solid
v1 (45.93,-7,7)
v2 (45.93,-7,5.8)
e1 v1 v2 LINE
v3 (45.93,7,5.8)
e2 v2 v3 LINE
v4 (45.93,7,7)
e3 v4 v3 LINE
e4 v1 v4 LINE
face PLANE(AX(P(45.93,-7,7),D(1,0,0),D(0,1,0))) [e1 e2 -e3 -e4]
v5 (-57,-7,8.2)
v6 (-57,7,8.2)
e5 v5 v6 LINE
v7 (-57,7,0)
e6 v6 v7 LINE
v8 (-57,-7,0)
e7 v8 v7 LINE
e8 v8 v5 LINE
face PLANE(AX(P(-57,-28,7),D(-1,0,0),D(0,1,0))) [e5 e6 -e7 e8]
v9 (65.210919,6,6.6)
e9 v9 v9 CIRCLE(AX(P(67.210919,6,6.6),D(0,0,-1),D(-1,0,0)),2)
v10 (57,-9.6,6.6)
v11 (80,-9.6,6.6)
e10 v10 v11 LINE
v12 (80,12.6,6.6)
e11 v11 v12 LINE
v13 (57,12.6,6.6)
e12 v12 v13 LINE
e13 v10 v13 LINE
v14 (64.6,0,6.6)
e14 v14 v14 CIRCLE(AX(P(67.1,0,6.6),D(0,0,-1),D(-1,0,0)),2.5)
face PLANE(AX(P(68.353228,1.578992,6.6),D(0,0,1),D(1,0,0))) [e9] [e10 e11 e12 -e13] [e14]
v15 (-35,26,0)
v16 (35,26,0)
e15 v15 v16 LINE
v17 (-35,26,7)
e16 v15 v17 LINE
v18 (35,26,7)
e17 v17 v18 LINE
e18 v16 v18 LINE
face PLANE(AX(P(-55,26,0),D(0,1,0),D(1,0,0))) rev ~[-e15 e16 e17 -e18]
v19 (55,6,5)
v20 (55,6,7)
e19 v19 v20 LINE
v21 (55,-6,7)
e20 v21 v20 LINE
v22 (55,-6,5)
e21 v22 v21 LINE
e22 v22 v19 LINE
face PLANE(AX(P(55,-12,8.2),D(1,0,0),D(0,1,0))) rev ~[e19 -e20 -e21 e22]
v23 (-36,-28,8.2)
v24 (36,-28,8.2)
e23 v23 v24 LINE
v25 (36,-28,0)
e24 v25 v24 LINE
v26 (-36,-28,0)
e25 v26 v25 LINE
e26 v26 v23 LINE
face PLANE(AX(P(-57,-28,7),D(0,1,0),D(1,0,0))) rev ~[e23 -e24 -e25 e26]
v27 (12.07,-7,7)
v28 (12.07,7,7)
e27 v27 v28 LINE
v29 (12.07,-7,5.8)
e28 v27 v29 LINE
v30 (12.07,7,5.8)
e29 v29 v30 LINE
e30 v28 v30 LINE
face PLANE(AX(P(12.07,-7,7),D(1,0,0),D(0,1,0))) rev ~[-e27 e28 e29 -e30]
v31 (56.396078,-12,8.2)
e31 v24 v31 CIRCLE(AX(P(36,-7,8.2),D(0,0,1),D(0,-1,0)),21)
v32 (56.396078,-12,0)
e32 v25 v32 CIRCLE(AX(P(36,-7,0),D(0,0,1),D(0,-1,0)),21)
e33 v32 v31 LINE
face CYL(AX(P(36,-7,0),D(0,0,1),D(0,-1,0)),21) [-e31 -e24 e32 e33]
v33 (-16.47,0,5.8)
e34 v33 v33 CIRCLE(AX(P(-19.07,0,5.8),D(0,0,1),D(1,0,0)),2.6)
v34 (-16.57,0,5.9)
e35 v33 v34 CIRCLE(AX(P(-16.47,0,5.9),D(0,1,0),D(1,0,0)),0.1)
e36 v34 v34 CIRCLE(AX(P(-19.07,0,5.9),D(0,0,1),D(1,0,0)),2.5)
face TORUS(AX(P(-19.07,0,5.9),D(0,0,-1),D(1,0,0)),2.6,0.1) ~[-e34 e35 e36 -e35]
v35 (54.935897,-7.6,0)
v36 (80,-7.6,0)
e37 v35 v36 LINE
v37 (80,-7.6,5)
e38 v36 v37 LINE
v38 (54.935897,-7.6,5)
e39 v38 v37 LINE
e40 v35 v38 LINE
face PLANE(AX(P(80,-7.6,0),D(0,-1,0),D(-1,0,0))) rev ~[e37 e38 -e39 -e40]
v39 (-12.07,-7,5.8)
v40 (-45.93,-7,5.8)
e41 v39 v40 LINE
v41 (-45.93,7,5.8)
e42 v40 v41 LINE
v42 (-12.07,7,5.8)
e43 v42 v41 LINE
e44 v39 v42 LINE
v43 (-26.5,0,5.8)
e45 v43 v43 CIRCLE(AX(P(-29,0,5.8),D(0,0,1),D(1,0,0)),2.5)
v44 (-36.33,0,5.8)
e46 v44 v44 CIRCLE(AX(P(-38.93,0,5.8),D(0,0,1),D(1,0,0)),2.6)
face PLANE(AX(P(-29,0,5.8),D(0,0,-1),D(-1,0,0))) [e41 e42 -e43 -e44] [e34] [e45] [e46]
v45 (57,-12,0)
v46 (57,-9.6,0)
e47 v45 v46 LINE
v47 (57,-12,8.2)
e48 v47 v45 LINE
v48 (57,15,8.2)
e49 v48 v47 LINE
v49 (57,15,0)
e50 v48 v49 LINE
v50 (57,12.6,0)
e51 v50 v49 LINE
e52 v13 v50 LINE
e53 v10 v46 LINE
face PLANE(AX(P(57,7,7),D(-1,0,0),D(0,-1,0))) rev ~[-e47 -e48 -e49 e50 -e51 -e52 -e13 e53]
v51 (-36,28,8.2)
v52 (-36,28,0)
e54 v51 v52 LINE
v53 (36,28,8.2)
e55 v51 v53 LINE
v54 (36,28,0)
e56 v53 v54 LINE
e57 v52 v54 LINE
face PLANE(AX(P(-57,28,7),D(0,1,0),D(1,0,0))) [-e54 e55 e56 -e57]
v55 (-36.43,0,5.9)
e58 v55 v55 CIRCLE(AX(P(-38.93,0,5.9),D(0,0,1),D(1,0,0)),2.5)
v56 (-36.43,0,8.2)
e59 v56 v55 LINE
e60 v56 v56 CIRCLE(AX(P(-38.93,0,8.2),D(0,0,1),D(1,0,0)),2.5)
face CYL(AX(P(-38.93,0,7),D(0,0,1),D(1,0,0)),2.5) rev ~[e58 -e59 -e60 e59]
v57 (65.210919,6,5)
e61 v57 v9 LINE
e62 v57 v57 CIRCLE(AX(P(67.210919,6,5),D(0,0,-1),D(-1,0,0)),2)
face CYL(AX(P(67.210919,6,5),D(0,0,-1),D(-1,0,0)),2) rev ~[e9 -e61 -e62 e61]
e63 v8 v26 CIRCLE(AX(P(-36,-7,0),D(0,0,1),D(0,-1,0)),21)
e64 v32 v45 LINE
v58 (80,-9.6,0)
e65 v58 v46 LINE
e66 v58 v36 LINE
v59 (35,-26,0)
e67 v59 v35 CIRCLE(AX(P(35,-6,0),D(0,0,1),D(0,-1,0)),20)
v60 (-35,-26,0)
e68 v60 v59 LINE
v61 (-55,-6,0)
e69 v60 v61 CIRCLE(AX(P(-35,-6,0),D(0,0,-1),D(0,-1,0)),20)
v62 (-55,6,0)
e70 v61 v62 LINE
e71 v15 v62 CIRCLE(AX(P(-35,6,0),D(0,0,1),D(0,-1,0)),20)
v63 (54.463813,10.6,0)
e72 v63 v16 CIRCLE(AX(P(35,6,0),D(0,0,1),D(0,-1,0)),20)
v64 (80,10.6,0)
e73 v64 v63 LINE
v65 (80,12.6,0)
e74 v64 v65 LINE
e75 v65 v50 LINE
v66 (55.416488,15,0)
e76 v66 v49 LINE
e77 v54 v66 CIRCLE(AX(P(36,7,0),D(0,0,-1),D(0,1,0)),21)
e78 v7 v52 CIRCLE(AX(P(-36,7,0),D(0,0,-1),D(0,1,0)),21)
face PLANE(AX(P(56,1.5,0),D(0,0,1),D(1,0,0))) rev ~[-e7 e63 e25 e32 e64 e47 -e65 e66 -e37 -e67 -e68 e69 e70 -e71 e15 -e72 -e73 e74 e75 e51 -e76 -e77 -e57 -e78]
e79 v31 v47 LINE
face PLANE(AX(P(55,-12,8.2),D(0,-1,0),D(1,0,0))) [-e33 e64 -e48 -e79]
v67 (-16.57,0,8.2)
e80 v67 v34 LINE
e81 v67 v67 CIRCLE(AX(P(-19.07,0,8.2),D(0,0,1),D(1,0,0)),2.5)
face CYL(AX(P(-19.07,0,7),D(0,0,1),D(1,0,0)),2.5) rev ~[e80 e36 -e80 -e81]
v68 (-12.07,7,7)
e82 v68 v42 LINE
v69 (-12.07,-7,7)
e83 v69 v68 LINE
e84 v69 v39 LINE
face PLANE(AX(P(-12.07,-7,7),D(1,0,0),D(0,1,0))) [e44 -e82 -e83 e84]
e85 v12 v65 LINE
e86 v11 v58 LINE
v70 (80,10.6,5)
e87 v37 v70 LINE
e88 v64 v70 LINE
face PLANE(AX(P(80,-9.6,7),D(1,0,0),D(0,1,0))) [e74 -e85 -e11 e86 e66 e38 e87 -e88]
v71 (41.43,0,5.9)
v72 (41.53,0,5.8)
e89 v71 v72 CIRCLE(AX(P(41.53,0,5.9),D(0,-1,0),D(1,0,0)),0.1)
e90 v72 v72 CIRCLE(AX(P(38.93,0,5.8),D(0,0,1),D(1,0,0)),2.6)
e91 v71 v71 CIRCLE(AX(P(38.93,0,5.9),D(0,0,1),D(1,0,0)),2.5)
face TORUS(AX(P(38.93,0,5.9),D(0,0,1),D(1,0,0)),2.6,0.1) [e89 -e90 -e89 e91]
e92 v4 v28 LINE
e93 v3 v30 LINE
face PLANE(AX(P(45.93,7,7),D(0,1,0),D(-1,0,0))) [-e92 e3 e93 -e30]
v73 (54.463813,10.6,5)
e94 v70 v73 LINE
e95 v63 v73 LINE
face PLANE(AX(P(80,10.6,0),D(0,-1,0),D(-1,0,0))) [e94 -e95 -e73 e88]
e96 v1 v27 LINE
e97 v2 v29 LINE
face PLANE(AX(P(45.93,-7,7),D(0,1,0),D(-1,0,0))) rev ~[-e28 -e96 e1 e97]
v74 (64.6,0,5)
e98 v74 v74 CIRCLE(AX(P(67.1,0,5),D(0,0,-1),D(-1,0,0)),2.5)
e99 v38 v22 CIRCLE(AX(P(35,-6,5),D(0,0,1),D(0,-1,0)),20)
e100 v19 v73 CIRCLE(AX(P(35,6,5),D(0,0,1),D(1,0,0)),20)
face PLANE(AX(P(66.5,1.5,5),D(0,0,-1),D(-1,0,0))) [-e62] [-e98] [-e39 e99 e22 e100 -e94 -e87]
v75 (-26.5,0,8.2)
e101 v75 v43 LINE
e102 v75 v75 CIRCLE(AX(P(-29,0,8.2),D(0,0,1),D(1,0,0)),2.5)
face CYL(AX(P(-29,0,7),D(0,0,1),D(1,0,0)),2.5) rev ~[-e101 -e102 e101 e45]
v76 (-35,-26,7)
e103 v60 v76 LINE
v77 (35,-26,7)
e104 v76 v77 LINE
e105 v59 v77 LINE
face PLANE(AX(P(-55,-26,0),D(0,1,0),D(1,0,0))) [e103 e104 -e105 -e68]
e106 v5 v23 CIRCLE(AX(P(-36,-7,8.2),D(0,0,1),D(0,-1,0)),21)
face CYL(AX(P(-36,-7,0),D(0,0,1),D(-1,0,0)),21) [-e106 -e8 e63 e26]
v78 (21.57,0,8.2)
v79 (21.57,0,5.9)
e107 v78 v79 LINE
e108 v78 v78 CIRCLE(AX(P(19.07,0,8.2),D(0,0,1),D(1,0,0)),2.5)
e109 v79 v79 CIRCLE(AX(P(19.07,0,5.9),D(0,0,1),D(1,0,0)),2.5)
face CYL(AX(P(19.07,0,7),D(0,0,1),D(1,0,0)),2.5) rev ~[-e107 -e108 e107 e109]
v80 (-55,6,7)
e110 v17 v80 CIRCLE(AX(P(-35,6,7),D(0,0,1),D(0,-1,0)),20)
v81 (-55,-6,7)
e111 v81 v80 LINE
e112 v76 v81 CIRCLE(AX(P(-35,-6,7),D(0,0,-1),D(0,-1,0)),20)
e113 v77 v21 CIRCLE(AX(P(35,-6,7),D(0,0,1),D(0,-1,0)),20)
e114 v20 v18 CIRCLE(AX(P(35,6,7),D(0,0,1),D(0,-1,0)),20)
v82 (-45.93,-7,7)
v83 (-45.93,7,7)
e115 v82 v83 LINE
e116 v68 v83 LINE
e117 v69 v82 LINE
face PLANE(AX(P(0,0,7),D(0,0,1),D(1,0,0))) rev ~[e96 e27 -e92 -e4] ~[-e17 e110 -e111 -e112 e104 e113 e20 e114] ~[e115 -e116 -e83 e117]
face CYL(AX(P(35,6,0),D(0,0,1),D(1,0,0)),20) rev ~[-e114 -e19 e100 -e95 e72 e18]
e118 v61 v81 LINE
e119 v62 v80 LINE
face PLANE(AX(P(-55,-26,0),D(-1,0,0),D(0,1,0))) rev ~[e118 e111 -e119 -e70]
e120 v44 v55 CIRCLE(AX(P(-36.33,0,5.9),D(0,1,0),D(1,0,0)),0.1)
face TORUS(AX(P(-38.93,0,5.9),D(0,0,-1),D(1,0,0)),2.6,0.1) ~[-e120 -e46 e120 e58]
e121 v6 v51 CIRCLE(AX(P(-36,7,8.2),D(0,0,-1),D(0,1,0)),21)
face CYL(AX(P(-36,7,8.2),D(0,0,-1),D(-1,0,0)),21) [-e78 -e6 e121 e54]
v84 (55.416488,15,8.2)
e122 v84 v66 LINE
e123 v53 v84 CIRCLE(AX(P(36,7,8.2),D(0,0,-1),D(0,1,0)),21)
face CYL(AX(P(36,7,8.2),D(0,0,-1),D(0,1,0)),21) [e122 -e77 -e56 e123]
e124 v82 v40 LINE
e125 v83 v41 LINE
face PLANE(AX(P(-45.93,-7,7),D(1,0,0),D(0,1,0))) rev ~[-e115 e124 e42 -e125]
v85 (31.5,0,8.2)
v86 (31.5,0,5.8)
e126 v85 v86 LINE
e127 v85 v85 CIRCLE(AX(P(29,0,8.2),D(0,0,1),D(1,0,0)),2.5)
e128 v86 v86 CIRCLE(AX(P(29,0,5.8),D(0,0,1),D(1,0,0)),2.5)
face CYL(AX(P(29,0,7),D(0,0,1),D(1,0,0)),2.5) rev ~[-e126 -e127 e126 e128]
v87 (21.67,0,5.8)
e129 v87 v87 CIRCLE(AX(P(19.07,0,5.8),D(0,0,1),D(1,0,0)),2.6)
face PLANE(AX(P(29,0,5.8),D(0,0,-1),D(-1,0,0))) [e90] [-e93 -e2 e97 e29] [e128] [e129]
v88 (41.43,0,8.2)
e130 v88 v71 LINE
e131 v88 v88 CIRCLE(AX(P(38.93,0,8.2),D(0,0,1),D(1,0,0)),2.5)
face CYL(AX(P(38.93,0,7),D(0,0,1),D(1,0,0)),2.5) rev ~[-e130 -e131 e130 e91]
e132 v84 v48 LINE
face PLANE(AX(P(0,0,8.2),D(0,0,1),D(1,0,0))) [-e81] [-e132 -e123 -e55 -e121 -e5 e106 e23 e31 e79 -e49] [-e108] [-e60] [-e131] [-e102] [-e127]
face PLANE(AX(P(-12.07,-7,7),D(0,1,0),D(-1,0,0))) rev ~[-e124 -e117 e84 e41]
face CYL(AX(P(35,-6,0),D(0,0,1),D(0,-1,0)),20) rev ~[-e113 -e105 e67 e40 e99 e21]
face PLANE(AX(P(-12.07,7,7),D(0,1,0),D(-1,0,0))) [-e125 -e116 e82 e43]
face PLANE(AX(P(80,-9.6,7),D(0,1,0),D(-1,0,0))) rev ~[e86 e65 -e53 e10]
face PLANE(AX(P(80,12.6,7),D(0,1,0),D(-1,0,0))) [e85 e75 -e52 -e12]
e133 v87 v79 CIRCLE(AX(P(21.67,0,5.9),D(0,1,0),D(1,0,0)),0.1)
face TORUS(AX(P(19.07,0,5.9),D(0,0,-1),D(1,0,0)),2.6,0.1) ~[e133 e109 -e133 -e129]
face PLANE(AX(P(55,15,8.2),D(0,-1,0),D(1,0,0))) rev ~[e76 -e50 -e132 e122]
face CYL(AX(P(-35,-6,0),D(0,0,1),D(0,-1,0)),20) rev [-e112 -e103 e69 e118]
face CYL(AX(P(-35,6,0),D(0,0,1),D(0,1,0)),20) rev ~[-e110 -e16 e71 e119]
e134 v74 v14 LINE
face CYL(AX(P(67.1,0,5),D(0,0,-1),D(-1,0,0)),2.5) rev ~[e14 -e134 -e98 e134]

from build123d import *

# Parameters (mm, degrees)
SKETCH_1_W          = 114
SKETCH_1_H          = 56
SKETCH_1_W_2        = 110
SKETCH_1_H_2        = 52
EXTRUDE_1_DEPTH     = 7
SKETCH_2_W          = 114
SKETCH_2_H          = 56
EXTRUDE_1_2_DEPTH   = 1.2
SKETCH_3_R          = 2.5
CUT_EXTRUDE_1_DEPTH = 1.2
FILLET_1_R          = 20
FILLET_2_R          = 21
SKETCH_4_W          = 33.86
SKETCH_4_H          = 14
EXTRUDE_2_DEPTH     = 1.2
SKETCH_5_R          = 2.5
CUT_EXTRUDE_2_DEPTH = 1.2
FILLET_3_R          = 0.1
SKETCH_6_W          = 25
SKETCH_6_H          = 22.2
EXTRUDE_3_DEPTH     = 7
CUT_EXTRUDE_3_DEPTH = 0.4
SKETCH_8_W          = 27
SKETCH_8_H          = 18.2
CUT_EXTRUDE_4_DEPTH = 5
SKETCH_11_W         = 2
SKETCH_11_H         = 27
EXTRUDE_4_DEPTH     = 8.2
SKETCH_12_W         = 2
SKETCH_12_H         = 18.2
CUT_EXTRUDE_5_DEPTH = 5
SKETCH_13_R         = 2.5
SKETCH_13_R_2       = 2
CUT_EXTRUDE_6_DEPTH = 7


with BuildPart() as part:
    # Эскиз1 → Extrude 1 (new body)
    with BuildSketch(Plane.XY):
        Rectangle(SKETCH_1_W, SKETCH_1_H)
        Rectangle(SKETCH_1_W_2, SKETCH_1_H_2, mode=Mode.SUBTRACT)
    extrude(amount=EXTRUDE_1_DEPTH)

    # Эскиз2 → Extrude 1 2 (add)
    with BuildSketch(Plane.XY.offset(7)):
        Rectangle(SKETCH_2_W, SKETCH_2_H)
    extrude(amount=EXTRUDE_1_2_DEPTH)

    # Эскиз3 → Вырез-Вытянуть1 (cut)
    with BuildSketch(Plane.XY.offset(8.2)):
        with Locations((-38.93, 0)):
            Circle(SKETCH_3_R)
        with Locations((-29, 0)):
            Circle(SKETCH_3_R)
        with Locations((-19.07, 0)):
            Circle(SKETCH_3_R)
        with Locations((19.07, 0)):
            Circle(SKETCH_3_R)
        with Locations((29, 0)):
            Circle(SKETCH_3_R)
        with Locations((38.93, 0)):
            Circle(SKETCH_3_R)
    extrude(amount=-CUT_EXTRUDE_1_DEPTH, mode=Mode.SUBTRACT)

    # Скругление1
    fillet_1_edges = [part.edges().sort_by_distance(p)[0] for p in [
        (-55, 26, 3.5),
        (-55, -26, 3.5),
        (55, -26, 3.5),
        (55, 26, 3.5),
    ]]
    fillet(fillet_1_edges, radius=FILLET_1_R)

    # Скругление2
    fillet_2_edges = [part.edges().sort_by_distance(p)[0] for p in [
        (-57, 28, 4.1),
        (57, 28, 4.1),
        (57, -28, 4.1),
        (-57, -28, 4.1),
    ]]
    fillet(fillet_2_edges, radius=FILLET_2_R)

    # Эскиз4 → Бобышка-Вытянуть2 (add)
    with BuildSketch(Plane(origin=(0, 0, 7), x_dir=(-1, 0, 0), z_dir=(0, 0, -1))):
        with Locations((29, 0)):
            Rectangle(SKETCH_4_W, SKETCH_4_H)
        with Locations((-29, 0)):
            Rectangle(SKETCH_4_W, SKETCH_4_H)
    extrude(amount=EXTRUDE_2_DEPTH)

    # Эскиз5 → Вырез-Вытянуть2 (cut)
    with BuildSketch(Plane.XY.offset(7)):
        with Locations((-29, 0)):
            Circle(SKETCH_5_R)
        with Locations((-38.93, 0)):
            Circle(SKETCH_5_R)
        with Locations((-19.07, 0)):
            Circle(SKETCH_5_R)
        with Locations((19.07, 0)):
            Circle(SKETCH_5_R)
        with Locations((29, 0)):
            Circle(SKETCH_5_R)
        with Locations((38.93, 0)):
            Circle(SKETCH_5_R)
    extrude(amount=-CUT_EXTRUDE_2_DEPTH, mode=Mode.SUBTRACT)

    # Скругление3
    fillet_3_edges = [part.edges().sort_by_distance(p)[0] for p in [
        (36.43, 0, 5.8),
        (16.57, 0, 5.8),
        (-21.57, 0, 5.8),
        (-41.43, 0, 5.8),
    ]]
    fillet(fillet_3_edges, radius=FILLET_3_R)

    # Эскиз6 → Бобышка-Вытянуть3 (add)
    with BuildSketch(Plane(origin=(0, 0, 7), x_dir=(-1, 0, 0), z_dir=(0, 0, -1))):
        with Locations((-67.5, 1.5)):
            Rectangle(SKETCH_6_W, SKETCH_6_H)
    extrude(amount=EXTRUDE_3_DEPTH)

    # Эскиз7 → Вырез-Вытянуть3 (cut)
    with BuildSketch(Plane.XY.offset(7)):
        with BuildLine():
            Line((57, 7), (57, -7))
            ThreePointArc((57, -7), (56.959567588, -8.302507787), (56.838426044, -9.6))
            Line((56.838426044, -9.6), (80, -9.6))
            Line((80, -9.6), (80, 12.6))
            Line((80, 12.6), (56.239565213, 12.6))
            ThreePointArc((56.239565213, 12.6), (56.809022916, 9.825697306), (57, 7))
        make_face()
    extrude(amount=-CUT_EXTRUDE_3_DEPTH, mode=Mode.SUBTRACT)

    # Эскиз8 → Вырез-Вытянуть4 (cut)
    with BuildSketch(Plane(origin=(0, 0, 0), x_dir=(-1, 0, 0), z_dir=(0, 0, -1))):
        with Locations((-66.5, 1.5)):
            Rectangle(SKETCH_8_W, SKETCH_8_H)
    extrude(amount=-CUT_EXTRUDE_4_DEPTH, mode=Mode.SUBTRACT)

    # Эскиз11 → Бобышка-Вытянуть4 (add)
    with BuildSketch(Plane.XY.offset(8.2)):
        with Locations((56, 1.5)):
            Rectangle(SKETCH_11_W, SKETCH_11_H)
    extrude(amount=-EXTRUDE_4_DEPTH)

    # Эскиз12 → Вырез-Вытянуть5 (cut)
    with BuildSketch(Plane(origin=(0, 0, 0), x_dir=(-1, 0, 0), z_dir=(0, 0, -1))):
        with Locations((-56, 1.5)):
            Rectangle(SKETCH_12_W, SKETCH_12_H)
    extrude(amount=-CUT_EXTRUDE_5_DEPTH, mode=Mode.SUBTRACT)

    # Эскиз13 → Вырез-Вытянуть6 (cut)
    with BuildSketch(Plane(origin=(0, 0, 5), x_dir=(-1, 0, 0), z_dir=(0, 0, -1))):
        with Locations((-67.1, 0)):
            Circle(SKETCH_13_R)
        with Locations((-67.210919407, 6)):
            Circle(SKETCH_13_R_2)
    extrude(amount=-CUT_EXTRUDE_6_DEPTH, mode=Mode.SUBTRACT)


solid = part.part
